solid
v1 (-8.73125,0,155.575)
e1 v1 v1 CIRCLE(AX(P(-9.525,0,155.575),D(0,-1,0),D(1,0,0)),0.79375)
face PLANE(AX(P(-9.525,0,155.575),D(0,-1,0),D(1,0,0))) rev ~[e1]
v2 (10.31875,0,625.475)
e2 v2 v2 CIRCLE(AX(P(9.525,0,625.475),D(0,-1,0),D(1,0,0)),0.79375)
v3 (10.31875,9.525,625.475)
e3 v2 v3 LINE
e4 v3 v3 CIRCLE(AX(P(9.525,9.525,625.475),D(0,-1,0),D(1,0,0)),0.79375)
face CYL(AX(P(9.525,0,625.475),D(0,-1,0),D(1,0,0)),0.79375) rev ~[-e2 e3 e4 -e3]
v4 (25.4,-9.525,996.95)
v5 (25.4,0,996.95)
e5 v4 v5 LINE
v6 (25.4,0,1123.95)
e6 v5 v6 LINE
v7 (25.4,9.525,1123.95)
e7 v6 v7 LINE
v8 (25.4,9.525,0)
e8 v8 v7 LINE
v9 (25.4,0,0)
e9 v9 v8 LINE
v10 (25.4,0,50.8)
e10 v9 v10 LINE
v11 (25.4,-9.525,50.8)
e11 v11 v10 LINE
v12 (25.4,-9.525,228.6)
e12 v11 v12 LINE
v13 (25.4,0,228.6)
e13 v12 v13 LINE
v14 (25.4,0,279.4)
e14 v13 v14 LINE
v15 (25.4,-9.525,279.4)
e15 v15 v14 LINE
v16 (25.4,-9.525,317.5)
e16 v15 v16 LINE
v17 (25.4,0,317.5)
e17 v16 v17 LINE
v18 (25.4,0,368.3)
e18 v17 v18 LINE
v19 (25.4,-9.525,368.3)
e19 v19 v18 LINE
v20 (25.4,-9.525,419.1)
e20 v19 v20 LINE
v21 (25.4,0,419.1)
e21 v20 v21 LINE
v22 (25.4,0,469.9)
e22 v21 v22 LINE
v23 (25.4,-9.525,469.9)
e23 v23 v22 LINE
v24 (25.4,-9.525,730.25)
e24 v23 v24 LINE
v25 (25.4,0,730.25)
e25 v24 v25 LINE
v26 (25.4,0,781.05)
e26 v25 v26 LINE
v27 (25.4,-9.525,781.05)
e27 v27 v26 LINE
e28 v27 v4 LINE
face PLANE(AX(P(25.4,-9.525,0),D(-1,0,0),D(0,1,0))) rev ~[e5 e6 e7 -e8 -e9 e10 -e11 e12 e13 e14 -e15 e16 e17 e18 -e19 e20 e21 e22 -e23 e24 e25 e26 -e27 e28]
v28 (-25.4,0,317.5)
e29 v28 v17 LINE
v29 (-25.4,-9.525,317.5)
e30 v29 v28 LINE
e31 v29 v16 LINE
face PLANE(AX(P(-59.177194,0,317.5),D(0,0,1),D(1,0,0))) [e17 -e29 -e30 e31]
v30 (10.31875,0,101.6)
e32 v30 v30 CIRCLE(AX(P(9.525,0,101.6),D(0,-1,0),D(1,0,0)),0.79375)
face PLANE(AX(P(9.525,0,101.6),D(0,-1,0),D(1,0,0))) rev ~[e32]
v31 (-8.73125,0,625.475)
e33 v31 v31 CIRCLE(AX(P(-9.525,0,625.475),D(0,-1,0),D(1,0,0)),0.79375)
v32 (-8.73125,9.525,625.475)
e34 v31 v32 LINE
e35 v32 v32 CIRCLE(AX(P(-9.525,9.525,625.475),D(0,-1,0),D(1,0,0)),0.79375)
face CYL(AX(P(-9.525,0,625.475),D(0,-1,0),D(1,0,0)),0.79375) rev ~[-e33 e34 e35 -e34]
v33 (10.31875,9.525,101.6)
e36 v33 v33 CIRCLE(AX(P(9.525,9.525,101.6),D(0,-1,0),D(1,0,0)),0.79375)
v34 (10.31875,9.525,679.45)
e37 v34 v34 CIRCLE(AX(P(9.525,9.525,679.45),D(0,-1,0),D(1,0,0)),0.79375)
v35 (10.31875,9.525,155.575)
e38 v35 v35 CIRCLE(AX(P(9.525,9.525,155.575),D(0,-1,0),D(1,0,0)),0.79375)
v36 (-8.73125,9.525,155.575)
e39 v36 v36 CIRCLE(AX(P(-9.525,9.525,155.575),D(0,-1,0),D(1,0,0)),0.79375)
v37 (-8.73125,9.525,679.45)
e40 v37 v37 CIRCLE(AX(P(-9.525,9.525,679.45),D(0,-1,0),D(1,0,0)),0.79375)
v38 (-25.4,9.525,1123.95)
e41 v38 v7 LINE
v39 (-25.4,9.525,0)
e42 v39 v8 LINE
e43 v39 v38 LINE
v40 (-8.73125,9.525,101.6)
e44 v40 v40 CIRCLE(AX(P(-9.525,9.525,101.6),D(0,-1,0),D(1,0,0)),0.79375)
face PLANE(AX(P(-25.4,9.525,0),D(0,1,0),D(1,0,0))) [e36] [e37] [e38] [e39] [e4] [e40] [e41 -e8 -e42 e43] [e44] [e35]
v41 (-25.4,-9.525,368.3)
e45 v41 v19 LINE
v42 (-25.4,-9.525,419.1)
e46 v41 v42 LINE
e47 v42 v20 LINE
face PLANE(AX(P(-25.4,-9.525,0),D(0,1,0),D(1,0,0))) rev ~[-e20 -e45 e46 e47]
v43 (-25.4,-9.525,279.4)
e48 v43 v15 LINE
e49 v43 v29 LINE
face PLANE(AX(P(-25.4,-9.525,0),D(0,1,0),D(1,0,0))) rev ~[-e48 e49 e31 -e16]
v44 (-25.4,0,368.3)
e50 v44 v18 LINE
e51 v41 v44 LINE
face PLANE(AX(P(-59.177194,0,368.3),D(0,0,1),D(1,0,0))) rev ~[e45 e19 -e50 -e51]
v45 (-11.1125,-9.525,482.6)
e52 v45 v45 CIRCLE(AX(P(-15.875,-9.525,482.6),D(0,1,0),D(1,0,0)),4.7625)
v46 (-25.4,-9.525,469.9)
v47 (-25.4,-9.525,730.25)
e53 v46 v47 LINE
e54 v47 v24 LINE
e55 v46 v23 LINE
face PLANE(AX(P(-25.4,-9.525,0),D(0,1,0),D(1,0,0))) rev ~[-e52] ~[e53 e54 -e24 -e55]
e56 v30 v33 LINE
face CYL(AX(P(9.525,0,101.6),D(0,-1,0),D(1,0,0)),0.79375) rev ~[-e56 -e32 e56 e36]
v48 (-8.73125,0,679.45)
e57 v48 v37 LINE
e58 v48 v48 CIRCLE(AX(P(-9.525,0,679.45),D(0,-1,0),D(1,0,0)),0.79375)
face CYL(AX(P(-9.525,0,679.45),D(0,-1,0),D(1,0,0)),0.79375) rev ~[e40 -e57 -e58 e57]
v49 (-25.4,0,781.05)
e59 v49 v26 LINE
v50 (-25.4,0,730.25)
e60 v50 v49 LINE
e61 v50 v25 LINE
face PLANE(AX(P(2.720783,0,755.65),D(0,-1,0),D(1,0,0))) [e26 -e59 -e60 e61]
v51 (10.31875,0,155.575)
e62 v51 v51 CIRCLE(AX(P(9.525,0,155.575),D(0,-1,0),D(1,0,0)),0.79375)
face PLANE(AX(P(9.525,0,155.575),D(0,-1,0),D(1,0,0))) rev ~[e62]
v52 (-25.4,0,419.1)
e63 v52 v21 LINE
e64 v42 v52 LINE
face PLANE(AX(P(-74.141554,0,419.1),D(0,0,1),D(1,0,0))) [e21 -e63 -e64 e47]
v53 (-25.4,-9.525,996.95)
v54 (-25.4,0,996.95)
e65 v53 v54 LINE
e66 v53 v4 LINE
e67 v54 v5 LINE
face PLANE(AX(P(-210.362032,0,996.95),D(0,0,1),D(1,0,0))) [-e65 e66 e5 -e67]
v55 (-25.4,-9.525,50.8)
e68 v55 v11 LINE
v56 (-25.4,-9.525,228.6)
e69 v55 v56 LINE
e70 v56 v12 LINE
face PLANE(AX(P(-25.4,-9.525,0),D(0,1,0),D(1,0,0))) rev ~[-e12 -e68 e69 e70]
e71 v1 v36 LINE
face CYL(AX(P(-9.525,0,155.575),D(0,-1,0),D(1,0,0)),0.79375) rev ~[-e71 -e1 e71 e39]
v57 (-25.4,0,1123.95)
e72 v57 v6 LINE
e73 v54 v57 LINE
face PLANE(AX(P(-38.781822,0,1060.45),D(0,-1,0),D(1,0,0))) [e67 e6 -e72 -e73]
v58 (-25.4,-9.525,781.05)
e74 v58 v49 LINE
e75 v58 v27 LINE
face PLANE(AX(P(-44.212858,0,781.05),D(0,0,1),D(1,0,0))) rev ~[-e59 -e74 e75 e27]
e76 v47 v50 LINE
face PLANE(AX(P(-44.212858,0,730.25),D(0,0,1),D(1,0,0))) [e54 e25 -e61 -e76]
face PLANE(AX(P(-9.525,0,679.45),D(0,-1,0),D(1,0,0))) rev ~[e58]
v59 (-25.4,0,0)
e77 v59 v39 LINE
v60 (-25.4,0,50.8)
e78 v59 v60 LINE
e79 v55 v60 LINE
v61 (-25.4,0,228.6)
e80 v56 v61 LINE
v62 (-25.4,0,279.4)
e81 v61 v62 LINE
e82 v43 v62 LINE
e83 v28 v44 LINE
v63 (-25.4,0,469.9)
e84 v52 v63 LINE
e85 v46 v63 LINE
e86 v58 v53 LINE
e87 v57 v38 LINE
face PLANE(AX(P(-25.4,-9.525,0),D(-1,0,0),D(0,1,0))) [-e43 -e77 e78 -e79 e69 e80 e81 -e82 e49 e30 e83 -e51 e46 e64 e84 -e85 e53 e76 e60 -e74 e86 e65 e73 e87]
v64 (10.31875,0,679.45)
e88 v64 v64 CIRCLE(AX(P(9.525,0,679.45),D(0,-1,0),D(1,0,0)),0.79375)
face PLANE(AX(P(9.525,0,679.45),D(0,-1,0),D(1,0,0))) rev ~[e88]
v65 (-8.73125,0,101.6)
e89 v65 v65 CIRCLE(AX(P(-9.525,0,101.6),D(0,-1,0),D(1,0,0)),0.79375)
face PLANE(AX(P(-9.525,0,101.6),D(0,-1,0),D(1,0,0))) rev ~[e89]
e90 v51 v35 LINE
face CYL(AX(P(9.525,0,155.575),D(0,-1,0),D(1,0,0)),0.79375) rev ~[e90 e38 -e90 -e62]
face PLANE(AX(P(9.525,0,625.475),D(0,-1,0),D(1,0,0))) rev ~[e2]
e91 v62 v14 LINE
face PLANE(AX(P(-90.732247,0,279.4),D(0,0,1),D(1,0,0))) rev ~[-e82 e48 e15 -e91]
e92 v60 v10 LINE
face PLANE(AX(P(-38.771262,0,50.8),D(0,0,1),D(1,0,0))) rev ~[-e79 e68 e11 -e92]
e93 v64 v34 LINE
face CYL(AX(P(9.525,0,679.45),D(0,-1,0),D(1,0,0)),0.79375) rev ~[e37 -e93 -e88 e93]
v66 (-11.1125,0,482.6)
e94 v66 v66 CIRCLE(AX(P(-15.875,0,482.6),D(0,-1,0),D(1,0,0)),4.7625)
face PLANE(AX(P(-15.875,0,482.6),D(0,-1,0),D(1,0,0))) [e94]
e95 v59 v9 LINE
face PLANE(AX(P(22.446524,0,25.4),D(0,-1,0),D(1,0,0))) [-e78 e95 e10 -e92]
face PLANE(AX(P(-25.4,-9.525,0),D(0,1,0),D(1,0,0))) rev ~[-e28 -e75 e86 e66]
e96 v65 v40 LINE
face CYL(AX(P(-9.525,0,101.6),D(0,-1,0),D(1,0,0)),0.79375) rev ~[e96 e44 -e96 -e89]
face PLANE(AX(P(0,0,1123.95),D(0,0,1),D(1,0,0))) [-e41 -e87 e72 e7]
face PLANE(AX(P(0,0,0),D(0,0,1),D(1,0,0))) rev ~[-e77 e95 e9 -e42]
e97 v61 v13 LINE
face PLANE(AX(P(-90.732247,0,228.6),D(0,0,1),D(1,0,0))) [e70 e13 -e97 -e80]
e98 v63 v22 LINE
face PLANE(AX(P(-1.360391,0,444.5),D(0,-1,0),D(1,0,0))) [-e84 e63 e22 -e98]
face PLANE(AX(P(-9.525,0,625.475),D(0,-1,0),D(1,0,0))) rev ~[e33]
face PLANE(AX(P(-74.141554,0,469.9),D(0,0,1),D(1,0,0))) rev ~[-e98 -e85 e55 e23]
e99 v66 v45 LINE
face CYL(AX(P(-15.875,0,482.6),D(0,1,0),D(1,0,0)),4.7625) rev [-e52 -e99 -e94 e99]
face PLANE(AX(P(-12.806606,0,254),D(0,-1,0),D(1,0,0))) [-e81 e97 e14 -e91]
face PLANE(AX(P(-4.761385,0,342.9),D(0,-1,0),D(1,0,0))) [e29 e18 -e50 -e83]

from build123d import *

# Parameters (mm, degrees)
F0_W     = 50.8
F0_H     = 19.05
F1_DEPTH = 1123.95
F2_W     = 122.435573
F2_H     = 50.8
F2_W_2   = 108.831619
F2_W_3   = 93.867282
F2_W_4   = 145.562325
F2_W_5   = 343.160421
F2_H_2   = 127
F2_W_6   = 155.851283
F3_DEPTH = 25.4
F4_R     = 0.79375
F5_DEPTH = 25.4
F6_R     = 4.7625
F7_DEPTH = 25.4


with BuildPart() as f1:
    # F0 (on Top) → F1 (new body)
    with BuildSketch(Plane.XY):
        Rectangle(F0_W, F0_H)
    extrude(amount=F1_DEPTH)

    # F2 (on Front) → F3 (cut)
    with BuildSketch(Plane.XZ):
        with Locations((22.446524, 25.4)):
            Rectangle(F2_W, F2_H)
        with Locations((-4.761385, 342.9)):
            Rectangle(F2_W_2, F2_H)
        with Locations((2.720783, 755.65)):
            Rectangle(F2_W_3, F2_H)
        with Locations((-1.360391, 444.5)):
            Rectangle(F2_W_4, F2_H)
        with Locations((-38.781822, 1060.45)):
            Rectangle(F2_W_5, F2_H_2)
        with Locations((-12.806606, 254)):
            Rectangle(F2_W_6, F2_H)
    extrude(amount=F3_DEPTH, mode=Mode.SUBTRACT)

    # F4 (on Front) → F5 (cut)
    with BuildSketch(Plane.XZ):
        with Locations((9.525, 101.6)):
            Circle(F4_R)
        with Locations((9.525, 155.575)):
            Circle(F4_R)
        with Locations((9.525, 625.475)):
            Circle(F4_R)
        with Locations((9.525, 679.45)):
            Circle(F4_R)
        with Locations((-9.525, 625.475)):
            Circle(F4_R)
        with Locations((-9.525, 679.45)):
            Circle(F4_R)
        with Locations((-9.525, 101.6)):
            Circle(F4_R)
        with Locations((-9.525, 155.575)):
            Circle(F4_R)
    extrude(amount=-F5_DEPTH, mode=Mode.SUBTRACT)

    # F6 (on Front) → F7 (cut)
    with BuildSketch(Plane.XZ):
        with Locations((15.875, 254)):
            Circle(F6_R)
        with Locations((-15.875, 254)):
            Circle(F6_R)
        with Locations((-15.875, 482.6)):
            Circle(F6_R)
    extrude(amount=F7_DEPTH, mode=Mode.SUBTRACT)


solid = f1.part
